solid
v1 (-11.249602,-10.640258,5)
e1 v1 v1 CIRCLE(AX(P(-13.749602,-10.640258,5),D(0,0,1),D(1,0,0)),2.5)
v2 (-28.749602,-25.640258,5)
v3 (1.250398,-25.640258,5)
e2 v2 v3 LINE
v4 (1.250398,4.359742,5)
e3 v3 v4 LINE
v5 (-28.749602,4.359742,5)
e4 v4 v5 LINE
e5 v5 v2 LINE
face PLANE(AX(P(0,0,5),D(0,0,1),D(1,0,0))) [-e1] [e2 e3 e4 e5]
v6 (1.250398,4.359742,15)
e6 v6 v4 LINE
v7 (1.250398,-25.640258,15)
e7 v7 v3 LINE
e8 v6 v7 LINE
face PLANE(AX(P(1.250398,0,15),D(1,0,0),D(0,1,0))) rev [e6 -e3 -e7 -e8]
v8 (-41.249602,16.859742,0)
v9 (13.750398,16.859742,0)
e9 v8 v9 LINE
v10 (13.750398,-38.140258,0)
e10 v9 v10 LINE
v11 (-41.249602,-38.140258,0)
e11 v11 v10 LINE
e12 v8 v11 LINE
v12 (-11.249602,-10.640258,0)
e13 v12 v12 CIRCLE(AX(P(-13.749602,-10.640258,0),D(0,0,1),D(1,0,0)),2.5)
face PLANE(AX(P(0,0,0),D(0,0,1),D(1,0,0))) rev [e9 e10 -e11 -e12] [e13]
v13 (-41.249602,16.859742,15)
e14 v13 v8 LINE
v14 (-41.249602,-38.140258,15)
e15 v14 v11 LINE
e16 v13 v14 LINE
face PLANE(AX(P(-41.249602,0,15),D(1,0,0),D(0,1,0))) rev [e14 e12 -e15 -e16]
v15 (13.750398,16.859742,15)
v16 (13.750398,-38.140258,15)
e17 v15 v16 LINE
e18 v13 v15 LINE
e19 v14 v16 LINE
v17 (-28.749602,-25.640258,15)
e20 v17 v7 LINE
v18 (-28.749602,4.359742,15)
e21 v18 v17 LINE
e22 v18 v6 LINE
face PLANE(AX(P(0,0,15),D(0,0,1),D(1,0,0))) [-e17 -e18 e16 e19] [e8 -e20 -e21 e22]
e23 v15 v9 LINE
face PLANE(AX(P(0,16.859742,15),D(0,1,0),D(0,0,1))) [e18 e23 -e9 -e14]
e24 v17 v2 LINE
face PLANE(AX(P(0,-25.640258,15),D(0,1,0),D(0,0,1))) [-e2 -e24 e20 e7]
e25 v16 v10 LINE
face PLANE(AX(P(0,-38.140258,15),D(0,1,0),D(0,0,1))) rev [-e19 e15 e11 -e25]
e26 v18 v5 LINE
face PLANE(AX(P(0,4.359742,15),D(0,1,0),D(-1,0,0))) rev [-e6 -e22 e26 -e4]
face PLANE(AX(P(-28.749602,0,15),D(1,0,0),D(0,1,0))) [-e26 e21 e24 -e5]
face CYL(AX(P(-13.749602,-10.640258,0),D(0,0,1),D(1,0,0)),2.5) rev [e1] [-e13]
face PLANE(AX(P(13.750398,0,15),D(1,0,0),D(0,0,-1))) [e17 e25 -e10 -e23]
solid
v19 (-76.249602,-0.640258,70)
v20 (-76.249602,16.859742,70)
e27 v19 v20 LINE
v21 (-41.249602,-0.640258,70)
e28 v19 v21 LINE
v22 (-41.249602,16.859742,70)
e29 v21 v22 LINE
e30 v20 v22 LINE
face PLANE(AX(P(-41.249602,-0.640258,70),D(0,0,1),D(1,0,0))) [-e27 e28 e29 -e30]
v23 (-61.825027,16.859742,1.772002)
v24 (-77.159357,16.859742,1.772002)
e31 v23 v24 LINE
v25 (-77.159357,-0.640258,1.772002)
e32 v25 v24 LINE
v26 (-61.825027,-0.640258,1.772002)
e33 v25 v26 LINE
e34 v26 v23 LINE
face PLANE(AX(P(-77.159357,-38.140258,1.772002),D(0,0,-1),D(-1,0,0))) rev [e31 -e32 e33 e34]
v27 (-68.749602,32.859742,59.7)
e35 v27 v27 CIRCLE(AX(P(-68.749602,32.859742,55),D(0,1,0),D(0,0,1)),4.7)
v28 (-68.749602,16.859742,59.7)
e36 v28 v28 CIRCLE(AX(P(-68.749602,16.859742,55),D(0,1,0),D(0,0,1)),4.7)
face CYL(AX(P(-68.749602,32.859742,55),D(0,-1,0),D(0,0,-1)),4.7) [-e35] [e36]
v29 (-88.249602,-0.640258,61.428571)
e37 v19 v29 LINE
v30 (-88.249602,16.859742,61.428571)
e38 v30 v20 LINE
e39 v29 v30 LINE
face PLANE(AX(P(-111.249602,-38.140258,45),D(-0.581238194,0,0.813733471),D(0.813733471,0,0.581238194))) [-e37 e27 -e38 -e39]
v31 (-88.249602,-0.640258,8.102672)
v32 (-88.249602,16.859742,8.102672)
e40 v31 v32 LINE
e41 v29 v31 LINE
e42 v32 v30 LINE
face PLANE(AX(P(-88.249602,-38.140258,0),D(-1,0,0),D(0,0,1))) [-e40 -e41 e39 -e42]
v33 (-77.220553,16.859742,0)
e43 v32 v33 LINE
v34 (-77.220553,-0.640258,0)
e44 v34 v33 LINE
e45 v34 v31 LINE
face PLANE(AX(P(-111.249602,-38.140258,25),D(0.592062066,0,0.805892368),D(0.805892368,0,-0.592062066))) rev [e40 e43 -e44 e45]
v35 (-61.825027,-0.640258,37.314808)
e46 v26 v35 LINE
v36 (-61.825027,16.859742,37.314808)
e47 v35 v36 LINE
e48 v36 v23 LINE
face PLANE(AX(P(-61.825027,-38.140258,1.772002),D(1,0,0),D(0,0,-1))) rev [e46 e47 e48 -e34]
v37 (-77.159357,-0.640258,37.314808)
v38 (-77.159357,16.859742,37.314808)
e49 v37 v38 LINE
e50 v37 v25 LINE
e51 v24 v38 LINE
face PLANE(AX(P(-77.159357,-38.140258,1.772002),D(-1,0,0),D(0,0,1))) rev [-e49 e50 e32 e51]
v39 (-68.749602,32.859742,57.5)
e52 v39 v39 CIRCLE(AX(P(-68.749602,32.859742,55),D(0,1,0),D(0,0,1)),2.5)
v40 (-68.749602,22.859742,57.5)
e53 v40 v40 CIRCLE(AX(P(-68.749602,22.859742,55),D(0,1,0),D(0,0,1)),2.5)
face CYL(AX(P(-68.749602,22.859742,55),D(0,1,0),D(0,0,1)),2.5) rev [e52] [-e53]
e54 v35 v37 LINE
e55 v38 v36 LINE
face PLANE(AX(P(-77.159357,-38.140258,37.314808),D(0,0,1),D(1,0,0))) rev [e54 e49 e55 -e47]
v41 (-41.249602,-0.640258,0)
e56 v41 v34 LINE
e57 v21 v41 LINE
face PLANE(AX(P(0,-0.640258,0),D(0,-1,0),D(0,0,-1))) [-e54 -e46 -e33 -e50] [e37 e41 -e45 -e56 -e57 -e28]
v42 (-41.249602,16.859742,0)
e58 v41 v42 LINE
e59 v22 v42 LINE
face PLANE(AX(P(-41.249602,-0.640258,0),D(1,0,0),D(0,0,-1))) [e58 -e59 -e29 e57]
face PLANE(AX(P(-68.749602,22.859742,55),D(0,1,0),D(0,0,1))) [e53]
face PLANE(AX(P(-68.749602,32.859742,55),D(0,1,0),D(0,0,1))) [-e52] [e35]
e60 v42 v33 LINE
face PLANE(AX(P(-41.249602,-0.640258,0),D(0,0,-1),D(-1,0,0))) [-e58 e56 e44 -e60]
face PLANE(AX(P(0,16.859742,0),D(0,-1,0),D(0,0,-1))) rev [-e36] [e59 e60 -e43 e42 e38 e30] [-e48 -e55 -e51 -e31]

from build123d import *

# Parameters (mm, degrees)
SKETCH1_W           = 55
SKETCH1_H           = 55
SKETCH1_W_2         = 30
SKETCH1_H_2         = 30
BOSS_EXTRUDE1_DEPTH = 15
SKETCH5_W           = 70
SKETCH5_H           = 70
BOSS_EXTRUDE4_DEPTH = 17.5
CUT_EXTRUDE1_DEPTH  = 143.483240955
SKETCH8_W           = 15.334329656
SKETCH8_H           = 35.542805721
CUT_EXTRUDE3_DEPTH  = 126.3514749
SKETCH9_R           = 4.7
BOSS_EXTRUDE5_DEPTH = 16
SKETCH10_R          = 2.5
CUT_EXTRUDE4_DEPTH  = 10
SKETCH12_W          = 30
SKETCH12_H          = 30
BOSS_EXTRUDE6_DEPTH = 5
SKETCH13_R          = 2.5
CUT_EXTRUDE5_DEPTH  = 117.050297595


with BuildPart() as part:
    # Sketch1 → Boss-Extrude1 (new body)
    with BuildSketch(Plane.XY):
        with Locations((-13.749602036, -10.640258422)):
            Rectangle(SKETCH1_W, SKETCH1_H)
        with Locations((-13.749602036, -10.640258422)):
            Rectangle(SKETCH1_W_2, SKETCH1_H_2, mode=Mode.SUBTRACT)
    extrude(amount=BOSS_EXTRUDE1_DEPTH)

    # Sketch12 → Boss-Extrude6 (add)
    with BuildSketch(Plane(origin=(-732.77025481, -892.317517431, 5), x_dir=(1, 0, 0), z_dir=(0, 0, 1))):
        with Locations((719.020652774, 881.677259009)):
            Rectangle(SKETCH12_W, SKETCH12_H)
    extrude(amount=-BOSS_EXTRUDE6_DEPTH)

    # Sketch13 → Cut-Extrude5 (cut, through all)
    with BuildSketch(Plane.XY.offset(5)):
        with Locations((-13.749602036, -10.640258422)):
            Circle(SKETCH13_R)
    extrude(amount=-CUT_EXTRUDE5_DEPTH, mode=Mode.SUBTRACT)


with BuildPart() as body_2:
    # Sketch5 → Boss-Extrude4 (new body)
    with BuildSketch(Plane(origin=(0, 16.859741578, 0), x_dir=(1, 0, 0), z_dir=(0, 1, 0))):
        with Locations((-76.249602036, -35)):
            Rectangle(SKETCH5_W, SKETCH5_H)
    extrude(amount=-BOSS_EXTRUDE4_DEPTH)

    # Sketch6 → Cut-Extrude1 (cut, through all)
    with BuildSketch(Plane(origin=(0, 16.859741578, 0), x_dir=(1, 0, 0), z_dir=(0, 1, 0))):
        Polygon((-77.220552794, 0), (-111.249602036, 0), (-111.249602036, -70), (-76.249602036, -70), (-88.249602036, -61.428571429), (-88.249602036, -8.102672193), align=None)
    extrude(amount=-CUT_EXTRUDE1_DEPTH, mode=Mode.SUBTRACT)

    # Sketch8 → Cut-Extrude3 (cut, through all)
    with BuildSketch(Plane(origin=(0, 16.859741578, 0), x_dir=(1, 0, 0), z_dir=(0, 1, 0))):
        with Locations((-69.49219179, -19.543404801)):
            Rectangle(SKETCH8_W, SKETCH8_H)
    extrude(amount=-CUT_EXTRUDE3_DEPTH, mode=Mode.SUBTRACT)

    # Sketch9 → Boss-Extrude5 (add)
    with BuildSketch(Plane(origin=(0, 16.859741578, 0), x_dir=(1, 0, 0), z_dir=(0, 1, 0))):
        with Locations(Location((-68.749602036, -55, 0), (0, 0, 270))):
            Circle(SKETCH9_R)
    extrude(amount=BOSS_EXTRUDE5_DEPTH)

    # Sketch10 → Cut-Extrude4 (cut)
    with BuildSketch(Plane(origin=(0, 32.859741578, 0), x_dir=(1, 0, 0), z_dir=(0, 1, 0))):
        with Locations(Location((-68.749602036, -55, 0), (0, 0, 270))):
            Circle(SKETCH10_R)
    extrude(amount=-CUT_EXTRUDE4_DEPTH, mode=Mode.SUBTRACT)


solid = Compound([part.part, body_2.part])
